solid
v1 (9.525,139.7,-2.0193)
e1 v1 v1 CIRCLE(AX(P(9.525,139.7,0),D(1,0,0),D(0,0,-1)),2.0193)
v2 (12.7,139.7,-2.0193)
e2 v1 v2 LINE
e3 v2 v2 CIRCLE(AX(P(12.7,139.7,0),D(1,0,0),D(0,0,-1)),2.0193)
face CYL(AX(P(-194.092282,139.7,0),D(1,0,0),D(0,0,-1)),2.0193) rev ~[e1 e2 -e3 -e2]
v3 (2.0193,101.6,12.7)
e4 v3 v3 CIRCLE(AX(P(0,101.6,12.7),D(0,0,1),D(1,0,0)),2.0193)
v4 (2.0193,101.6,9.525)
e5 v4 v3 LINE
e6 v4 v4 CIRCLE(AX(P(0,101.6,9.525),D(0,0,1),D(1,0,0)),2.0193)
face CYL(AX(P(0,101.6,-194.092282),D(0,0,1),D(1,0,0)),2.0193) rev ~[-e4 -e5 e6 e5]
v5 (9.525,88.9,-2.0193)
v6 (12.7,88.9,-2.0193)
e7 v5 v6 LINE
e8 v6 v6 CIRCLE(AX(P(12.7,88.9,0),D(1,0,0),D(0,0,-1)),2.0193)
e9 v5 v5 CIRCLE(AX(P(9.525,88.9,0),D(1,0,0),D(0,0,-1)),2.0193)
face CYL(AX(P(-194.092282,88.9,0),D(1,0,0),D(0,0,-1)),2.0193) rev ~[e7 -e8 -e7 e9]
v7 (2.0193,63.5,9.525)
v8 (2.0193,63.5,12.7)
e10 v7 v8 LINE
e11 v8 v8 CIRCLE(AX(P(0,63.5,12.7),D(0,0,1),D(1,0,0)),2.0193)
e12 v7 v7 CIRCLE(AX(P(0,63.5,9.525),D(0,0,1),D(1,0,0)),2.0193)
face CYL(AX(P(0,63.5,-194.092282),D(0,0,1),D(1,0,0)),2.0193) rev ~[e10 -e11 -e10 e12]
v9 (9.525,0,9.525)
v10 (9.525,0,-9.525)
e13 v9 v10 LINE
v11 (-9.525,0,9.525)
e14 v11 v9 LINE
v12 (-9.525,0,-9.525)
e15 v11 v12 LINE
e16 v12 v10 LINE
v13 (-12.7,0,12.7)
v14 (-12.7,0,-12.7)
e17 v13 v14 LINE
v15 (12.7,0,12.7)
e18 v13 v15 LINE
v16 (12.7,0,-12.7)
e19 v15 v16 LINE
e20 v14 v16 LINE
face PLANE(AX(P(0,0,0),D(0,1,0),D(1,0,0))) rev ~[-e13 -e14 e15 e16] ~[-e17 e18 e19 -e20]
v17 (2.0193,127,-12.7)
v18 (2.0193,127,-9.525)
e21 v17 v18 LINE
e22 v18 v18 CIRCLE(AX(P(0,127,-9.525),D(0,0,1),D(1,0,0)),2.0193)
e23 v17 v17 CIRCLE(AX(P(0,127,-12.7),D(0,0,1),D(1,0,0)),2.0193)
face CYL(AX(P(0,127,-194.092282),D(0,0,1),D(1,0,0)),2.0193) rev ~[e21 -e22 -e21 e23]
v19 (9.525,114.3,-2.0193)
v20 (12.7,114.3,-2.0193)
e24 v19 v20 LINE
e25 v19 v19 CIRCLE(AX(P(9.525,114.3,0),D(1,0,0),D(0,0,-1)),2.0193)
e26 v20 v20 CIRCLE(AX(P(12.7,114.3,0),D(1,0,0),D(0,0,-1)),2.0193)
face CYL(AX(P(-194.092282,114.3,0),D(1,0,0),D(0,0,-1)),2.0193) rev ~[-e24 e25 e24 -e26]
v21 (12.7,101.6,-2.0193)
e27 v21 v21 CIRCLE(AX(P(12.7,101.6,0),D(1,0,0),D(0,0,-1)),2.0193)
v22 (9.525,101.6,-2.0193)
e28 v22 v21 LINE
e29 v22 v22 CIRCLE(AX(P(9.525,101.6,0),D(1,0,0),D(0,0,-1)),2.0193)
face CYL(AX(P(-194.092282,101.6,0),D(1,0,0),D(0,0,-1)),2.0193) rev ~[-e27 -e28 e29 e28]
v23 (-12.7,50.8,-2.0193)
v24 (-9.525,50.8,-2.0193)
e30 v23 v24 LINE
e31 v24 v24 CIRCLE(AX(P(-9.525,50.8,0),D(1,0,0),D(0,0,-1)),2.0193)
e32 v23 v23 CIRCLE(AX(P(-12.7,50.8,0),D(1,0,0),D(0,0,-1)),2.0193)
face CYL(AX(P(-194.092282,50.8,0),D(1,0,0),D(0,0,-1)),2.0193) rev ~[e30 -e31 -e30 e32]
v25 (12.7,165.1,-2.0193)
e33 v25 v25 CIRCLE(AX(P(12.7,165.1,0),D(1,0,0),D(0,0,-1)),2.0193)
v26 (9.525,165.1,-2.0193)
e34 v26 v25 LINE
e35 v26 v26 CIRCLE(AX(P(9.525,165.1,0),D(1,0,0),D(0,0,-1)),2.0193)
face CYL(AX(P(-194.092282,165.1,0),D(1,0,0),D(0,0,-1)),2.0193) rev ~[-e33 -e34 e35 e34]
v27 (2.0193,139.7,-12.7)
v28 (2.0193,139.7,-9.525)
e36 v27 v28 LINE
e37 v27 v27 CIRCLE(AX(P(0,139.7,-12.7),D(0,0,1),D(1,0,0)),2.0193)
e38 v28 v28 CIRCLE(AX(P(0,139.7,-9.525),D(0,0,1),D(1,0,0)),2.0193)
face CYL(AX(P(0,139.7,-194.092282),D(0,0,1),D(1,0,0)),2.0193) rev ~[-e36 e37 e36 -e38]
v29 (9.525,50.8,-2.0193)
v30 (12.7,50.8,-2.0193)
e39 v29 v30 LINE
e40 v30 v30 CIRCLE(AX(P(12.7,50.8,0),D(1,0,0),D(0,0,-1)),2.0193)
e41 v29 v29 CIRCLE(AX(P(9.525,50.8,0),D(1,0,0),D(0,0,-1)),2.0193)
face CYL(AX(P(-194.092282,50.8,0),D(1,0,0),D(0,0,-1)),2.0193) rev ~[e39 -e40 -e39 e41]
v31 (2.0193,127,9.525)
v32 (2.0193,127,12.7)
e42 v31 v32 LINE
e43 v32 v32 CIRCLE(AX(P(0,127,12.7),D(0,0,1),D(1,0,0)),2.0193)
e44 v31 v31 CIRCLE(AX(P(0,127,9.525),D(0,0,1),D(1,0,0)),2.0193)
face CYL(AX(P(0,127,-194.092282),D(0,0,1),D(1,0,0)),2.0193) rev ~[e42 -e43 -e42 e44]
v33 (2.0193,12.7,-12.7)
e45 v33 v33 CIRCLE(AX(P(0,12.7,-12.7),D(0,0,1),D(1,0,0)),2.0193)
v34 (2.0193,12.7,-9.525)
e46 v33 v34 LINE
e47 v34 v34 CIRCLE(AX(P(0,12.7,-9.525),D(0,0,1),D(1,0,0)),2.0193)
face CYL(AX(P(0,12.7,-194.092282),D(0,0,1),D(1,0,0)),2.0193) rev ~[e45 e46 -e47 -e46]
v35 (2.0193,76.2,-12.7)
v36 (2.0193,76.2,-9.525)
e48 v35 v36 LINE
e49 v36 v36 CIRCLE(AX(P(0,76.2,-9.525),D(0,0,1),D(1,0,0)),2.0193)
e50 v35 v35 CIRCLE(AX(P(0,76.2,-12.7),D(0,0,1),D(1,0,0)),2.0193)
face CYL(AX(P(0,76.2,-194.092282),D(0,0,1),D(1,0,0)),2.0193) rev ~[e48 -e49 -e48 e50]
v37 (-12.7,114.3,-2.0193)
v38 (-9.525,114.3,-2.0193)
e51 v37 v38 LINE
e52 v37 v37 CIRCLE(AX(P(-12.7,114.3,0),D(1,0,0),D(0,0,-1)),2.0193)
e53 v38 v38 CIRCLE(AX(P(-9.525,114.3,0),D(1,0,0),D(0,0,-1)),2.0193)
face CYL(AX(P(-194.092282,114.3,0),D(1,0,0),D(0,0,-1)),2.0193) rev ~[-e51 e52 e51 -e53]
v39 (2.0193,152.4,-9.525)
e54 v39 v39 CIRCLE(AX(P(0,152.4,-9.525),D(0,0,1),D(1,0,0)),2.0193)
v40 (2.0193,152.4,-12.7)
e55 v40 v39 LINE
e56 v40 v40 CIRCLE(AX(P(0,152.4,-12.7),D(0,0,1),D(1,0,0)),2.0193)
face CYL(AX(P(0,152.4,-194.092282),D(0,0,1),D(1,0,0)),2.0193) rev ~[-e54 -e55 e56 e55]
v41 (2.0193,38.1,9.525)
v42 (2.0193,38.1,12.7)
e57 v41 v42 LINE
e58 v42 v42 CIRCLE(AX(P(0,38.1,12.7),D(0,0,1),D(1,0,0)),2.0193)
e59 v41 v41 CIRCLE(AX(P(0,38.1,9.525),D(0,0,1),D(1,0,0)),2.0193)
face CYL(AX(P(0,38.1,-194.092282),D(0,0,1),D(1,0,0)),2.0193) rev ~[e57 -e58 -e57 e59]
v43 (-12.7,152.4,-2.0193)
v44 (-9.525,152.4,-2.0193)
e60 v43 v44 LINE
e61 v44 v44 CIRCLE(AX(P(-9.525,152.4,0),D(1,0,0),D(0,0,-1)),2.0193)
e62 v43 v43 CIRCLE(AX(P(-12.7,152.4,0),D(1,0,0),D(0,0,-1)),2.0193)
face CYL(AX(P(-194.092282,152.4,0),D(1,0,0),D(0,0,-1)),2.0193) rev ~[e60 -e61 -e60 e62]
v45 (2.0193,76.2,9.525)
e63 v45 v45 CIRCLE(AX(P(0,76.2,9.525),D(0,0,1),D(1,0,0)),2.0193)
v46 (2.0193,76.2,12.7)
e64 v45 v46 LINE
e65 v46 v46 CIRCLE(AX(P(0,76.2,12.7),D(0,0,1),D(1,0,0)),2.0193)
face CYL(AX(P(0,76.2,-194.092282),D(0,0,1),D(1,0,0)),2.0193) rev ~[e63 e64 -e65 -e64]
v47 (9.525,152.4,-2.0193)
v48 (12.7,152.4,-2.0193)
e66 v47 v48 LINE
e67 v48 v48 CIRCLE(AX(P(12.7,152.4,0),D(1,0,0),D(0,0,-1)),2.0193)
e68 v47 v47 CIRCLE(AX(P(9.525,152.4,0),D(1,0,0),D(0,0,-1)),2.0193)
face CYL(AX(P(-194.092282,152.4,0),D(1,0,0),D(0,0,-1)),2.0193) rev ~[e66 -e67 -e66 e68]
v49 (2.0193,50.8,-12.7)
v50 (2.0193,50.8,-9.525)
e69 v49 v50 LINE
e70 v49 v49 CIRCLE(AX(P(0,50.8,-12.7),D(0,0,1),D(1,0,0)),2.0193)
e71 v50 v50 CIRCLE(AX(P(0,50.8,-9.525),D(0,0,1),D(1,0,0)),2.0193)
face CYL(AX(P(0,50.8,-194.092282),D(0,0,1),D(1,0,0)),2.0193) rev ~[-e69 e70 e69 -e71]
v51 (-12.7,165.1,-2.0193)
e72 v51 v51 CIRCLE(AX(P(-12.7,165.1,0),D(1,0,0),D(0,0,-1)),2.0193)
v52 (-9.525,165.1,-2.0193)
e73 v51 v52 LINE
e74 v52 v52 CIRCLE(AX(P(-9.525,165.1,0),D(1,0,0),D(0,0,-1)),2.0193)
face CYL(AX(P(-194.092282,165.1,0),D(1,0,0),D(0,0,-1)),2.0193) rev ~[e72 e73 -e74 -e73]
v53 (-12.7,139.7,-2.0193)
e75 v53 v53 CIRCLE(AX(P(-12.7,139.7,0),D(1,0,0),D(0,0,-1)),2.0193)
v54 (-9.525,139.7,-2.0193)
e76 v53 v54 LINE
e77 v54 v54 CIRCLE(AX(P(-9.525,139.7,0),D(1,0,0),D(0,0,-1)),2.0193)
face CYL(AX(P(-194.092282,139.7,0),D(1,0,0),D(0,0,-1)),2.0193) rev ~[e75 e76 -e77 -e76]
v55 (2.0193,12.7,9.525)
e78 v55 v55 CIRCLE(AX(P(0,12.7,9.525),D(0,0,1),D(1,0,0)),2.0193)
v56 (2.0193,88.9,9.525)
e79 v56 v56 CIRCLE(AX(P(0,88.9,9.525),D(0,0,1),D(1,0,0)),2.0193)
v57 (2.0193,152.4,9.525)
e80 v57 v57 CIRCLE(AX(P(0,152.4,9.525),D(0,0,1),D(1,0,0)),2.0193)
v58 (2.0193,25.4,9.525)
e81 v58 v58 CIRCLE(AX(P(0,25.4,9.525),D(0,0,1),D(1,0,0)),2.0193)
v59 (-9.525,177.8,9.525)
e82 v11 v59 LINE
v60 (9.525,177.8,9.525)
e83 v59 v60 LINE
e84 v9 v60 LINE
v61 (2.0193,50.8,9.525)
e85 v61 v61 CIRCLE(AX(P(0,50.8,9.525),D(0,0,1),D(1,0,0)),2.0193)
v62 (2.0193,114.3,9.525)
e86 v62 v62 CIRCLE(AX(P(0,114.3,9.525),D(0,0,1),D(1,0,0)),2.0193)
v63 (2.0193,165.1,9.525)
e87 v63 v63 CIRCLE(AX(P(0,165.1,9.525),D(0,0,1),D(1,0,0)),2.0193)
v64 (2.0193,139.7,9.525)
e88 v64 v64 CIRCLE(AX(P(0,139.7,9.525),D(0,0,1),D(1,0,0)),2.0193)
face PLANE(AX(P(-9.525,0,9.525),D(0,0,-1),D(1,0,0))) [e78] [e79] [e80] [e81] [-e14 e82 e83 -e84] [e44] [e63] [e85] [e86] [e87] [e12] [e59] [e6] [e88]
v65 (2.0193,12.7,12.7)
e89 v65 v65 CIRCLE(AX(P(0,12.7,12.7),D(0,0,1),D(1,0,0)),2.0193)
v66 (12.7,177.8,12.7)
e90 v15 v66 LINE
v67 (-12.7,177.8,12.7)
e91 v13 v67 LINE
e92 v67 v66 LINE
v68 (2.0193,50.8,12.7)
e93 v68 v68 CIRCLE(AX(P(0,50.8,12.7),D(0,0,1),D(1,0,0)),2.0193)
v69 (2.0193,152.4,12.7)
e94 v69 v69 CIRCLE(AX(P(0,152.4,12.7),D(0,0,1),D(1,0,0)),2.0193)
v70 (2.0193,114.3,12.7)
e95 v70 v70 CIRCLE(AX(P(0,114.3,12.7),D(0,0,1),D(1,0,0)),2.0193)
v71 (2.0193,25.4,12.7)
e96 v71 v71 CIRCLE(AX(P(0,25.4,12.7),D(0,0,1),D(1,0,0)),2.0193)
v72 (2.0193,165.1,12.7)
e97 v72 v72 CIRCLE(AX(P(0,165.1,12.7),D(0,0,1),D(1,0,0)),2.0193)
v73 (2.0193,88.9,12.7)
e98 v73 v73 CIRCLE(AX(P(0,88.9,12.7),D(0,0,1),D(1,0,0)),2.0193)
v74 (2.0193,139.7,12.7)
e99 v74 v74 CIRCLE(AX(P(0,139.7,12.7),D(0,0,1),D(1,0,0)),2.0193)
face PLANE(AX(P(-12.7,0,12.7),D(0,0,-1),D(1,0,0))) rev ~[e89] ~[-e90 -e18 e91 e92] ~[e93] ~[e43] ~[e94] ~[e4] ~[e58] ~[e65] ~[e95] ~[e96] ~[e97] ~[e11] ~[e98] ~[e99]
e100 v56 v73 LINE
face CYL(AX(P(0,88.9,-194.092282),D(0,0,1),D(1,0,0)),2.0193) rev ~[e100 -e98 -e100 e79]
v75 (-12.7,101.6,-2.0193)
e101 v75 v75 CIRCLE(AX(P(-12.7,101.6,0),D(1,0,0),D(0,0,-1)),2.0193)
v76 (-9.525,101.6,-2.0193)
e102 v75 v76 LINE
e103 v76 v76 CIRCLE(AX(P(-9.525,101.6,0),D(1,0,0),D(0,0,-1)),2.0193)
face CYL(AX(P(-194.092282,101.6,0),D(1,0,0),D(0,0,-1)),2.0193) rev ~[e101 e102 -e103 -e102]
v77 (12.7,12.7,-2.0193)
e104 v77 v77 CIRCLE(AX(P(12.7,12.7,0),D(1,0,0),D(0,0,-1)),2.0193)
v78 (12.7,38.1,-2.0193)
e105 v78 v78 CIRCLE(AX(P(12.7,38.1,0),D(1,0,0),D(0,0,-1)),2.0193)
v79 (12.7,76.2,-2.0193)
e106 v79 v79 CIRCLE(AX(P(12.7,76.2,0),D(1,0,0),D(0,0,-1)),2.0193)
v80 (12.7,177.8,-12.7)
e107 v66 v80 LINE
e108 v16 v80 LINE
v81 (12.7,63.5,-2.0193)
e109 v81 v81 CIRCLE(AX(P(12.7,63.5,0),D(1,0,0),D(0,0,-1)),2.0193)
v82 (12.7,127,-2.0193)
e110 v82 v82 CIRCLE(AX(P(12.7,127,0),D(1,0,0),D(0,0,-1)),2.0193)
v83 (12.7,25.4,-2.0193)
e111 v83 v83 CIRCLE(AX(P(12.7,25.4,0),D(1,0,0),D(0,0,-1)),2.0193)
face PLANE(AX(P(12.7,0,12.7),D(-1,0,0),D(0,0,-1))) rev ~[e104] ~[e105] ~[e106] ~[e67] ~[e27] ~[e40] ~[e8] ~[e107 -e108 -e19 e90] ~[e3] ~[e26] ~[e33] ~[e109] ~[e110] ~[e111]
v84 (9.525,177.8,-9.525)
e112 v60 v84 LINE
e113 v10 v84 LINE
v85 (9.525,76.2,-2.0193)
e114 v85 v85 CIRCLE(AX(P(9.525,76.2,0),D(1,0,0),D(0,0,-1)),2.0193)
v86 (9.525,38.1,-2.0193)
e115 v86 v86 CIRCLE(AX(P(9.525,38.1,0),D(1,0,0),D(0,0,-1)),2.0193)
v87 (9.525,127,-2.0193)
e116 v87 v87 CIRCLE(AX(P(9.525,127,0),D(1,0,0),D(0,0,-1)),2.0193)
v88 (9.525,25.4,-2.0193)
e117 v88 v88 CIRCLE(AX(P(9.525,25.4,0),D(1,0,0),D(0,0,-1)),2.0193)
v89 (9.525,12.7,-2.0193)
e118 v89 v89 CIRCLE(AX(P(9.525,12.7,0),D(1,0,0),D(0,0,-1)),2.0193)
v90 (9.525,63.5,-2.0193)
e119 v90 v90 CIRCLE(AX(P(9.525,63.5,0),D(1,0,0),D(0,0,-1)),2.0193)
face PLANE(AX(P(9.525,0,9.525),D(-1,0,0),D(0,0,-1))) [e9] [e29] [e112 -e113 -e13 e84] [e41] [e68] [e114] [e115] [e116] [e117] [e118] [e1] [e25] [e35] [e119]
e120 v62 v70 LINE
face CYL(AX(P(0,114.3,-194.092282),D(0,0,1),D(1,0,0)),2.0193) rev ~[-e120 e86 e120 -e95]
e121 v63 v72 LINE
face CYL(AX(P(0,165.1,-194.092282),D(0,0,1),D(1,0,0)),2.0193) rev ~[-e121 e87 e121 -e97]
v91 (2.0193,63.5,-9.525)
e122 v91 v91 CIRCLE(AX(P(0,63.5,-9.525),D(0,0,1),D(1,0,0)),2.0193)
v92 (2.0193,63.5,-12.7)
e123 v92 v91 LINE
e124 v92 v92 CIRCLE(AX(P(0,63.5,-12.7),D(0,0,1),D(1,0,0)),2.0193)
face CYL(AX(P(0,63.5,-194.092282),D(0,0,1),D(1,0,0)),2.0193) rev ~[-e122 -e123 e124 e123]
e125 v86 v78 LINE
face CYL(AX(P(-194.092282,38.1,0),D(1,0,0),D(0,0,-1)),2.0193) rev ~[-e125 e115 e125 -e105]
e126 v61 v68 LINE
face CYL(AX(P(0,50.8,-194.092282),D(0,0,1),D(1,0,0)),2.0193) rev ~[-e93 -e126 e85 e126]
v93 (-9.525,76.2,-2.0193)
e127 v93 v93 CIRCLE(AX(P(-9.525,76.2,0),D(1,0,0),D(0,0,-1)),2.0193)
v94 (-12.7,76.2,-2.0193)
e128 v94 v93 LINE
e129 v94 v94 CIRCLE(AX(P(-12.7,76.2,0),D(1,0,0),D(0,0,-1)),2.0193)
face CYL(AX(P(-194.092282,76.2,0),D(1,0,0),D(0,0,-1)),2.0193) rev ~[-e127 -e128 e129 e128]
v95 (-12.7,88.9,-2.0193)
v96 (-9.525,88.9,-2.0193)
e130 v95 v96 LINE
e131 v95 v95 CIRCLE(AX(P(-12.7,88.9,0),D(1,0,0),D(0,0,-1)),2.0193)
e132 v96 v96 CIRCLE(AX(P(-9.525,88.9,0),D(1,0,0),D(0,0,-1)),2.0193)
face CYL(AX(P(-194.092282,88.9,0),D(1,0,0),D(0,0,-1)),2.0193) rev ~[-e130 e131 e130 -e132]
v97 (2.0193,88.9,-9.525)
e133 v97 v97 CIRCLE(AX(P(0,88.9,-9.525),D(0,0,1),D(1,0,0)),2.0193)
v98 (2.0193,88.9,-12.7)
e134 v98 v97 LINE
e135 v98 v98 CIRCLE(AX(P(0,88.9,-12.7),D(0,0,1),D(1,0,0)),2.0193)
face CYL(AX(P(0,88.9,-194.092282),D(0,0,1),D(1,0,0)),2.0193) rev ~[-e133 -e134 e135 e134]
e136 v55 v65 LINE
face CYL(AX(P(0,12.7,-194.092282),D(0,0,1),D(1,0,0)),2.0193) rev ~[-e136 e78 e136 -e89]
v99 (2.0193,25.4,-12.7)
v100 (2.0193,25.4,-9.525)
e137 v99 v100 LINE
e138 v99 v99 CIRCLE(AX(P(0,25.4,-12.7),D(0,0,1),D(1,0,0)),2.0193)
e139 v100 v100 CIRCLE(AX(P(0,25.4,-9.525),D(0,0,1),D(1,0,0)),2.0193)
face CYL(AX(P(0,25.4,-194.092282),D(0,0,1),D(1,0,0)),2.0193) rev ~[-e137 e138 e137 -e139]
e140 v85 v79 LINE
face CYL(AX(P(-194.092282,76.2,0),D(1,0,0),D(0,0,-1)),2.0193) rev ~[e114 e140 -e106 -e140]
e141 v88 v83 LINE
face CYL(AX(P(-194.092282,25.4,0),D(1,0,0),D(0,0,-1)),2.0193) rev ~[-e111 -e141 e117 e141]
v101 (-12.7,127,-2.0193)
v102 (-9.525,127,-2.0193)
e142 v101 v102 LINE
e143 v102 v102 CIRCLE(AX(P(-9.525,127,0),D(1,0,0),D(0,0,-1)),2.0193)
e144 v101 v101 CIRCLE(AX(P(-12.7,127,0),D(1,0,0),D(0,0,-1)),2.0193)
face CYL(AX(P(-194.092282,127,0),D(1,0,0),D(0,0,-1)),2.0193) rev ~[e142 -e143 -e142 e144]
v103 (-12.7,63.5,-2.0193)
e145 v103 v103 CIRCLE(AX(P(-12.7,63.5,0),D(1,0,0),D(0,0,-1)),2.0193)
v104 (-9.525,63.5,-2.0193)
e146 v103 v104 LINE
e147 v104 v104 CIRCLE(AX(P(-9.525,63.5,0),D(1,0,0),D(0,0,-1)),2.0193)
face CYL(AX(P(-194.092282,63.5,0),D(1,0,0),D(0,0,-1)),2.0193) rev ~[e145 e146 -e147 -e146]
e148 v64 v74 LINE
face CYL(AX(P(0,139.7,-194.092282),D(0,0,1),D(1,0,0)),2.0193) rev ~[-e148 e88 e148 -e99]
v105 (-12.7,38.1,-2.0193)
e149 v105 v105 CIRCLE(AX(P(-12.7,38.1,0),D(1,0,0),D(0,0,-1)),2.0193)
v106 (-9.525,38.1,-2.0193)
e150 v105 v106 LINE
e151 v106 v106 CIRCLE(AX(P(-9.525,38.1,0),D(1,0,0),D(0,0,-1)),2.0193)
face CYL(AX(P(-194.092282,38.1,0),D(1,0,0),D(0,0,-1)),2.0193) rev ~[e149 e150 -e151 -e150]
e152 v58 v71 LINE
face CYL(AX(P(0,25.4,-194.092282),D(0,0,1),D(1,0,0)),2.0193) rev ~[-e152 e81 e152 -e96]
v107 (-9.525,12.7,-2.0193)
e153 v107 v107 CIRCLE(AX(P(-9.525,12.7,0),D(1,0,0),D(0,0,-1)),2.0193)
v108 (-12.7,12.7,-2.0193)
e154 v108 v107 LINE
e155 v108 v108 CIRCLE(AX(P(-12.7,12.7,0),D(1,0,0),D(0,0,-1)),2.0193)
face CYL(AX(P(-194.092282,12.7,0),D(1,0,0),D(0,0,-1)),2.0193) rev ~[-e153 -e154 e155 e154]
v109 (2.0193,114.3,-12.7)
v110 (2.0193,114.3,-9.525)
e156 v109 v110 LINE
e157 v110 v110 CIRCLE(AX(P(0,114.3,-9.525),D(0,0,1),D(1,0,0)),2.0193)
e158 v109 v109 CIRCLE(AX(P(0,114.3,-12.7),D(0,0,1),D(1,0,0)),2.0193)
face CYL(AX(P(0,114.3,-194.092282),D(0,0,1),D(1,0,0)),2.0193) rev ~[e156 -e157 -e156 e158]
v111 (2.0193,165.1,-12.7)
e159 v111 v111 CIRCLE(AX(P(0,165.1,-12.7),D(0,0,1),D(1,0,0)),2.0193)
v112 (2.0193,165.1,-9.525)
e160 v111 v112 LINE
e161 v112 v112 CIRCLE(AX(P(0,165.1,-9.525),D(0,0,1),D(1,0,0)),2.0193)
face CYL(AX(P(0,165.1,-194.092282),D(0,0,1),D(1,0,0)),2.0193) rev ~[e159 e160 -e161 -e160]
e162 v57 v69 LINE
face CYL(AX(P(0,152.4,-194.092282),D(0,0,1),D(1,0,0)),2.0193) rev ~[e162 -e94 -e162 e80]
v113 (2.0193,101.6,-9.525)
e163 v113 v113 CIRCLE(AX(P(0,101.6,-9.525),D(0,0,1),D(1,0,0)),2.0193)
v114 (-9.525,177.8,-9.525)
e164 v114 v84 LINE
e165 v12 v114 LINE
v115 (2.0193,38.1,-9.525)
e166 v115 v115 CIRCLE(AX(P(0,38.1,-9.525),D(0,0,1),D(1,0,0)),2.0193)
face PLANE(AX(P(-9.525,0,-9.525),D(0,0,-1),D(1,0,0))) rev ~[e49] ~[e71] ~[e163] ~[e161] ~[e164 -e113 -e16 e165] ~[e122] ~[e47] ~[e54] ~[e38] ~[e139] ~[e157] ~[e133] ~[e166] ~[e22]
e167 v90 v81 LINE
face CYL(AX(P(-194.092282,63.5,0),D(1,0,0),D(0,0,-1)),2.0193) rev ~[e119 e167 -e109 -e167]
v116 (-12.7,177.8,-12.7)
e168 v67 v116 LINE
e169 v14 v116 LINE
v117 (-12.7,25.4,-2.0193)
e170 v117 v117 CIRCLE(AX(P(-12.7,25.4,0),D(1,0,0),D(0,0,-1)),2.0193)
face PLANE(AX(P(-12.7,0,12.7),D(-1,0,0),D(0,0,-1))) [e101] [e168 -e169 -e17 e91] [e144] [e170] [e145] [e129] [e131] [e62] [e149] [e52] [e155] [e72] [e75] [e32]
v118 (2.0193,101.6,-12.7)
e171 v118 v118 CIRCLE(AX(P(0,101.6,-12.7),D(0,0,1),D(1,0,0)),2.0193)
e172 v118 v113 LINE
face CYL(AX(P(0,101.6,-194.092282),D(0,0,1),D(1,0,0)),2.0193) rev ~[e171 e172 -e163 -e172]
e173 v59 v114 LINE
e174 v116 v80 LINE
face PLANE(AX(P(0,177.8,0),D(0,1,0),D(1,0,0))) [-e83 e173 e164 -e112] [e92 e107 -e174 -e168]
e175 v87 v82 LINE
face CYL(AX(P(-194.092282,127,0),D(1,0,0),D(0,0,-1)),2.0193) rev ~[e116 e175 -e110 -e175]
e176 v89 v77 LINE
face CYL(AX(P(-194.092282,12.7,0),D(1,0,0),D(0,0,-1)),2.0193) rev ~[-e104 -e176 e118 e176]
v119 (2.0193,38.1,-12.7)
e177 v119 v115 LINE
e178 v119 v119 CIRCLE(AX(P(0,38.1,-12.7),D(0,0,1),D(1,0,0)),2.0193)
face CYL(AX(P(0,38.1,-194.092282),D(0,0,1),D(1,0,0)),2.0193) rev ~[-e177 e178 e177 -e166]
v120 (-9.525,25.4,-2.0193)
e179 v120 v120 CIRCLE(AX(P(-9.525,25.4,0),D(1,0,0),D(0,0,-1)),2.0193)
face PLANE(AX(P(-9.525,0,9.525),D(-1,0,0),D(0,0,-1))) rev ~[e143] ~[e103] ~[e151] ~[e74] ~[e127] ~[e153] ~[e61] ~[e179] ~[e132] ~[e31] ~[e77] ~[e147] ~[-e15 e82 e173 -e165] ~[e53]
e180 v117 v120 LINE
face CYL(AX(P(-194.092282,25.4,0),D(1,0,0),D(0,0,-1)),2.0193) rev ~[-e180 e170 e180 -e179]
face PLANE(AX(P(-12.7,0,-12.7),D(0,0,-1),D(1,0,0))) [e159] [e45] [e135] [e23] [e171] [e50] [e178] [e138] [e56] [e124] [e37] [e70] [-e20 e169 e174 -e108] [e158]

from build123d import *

# Parameters (mm, degrees)
SKETCH1_W                   = 25.4
SKETCH1_H                   = 25.4
SKETCH1_W_2                 = 19.05
SKETCH1_H_2                 = 19.05
BOSS_EXTRUDE1_DEPTH         = 177.8
F_21_0_159_DIAMETER_HOLE1_D = 4.0386
LPATTERN1_COUNT             = 13
LPATTERN1_PITCH             = 12.7
F_21_0_159_DIAMETER_HOLE2_D = 4.0386
LPATTERN2_COUNT             = 13
LPATTERN2_PITCH             = 12.7


with BuildPart() as part:
    # Sketch1 → Boss-Extrude1 (new body)
    with BuildSketch(Plane(origin=(0, 0, 0), x_dir=(1, 0, 0), z_dir=(0, 1, 0))):
        Rectangle(SKETCH1_W, SKETCH1_H)
        Rectangle(SKETCH1_W_2, SKETCH1_H_2, mode=Mode.SUBTRACT)
    extrude(amount=BOSS_EXTRUDE1_DEPTH)

    # #21 (0.159) Diameter Hole1 (through all)
    with Locations(Plane.ZY.offset(12.7)):
        with Locations((0, 12.7)):
            f_21_0_159_diameter_hole1 = Hole(F_21_0_159_DIAMETER_HOLE1_D / 2)

    # LPattern1: #21 (0.159) Diameter Hole1 ×13
    with Locations(*[(0, i * LPATTERN1_PITCH, 0) for i in range(1, LPATTERN1_COUNT)]):
        add(f_21_0_159_diameter_hole1, mode=Mode.SUBTRACT)

    # #21 (0.159) Diameter Hole2 (through all)
    with Locations(Plane(origin=(0, 0, -12.7), x_dir=(-1, 0, 0), z_dir=(0, 0, -1))):
        with Locations((0, 12.7)):
            f_21_0_159_diameter_hole2 = Hole(F_21_0_159_DIAMETER_HOLE2_D / 2)

    # LPattern2: #21 (0.159) Diameter Hole2 ×13
    with Locations(*[(0, i * LPATTERN2_PITCH, 0) for i in range(1, LPATTERN2_COUNT)]):
        add(f_21_0_159_diameter_hole2, mode=Mode.SUBTRACT)


solid = part.part
